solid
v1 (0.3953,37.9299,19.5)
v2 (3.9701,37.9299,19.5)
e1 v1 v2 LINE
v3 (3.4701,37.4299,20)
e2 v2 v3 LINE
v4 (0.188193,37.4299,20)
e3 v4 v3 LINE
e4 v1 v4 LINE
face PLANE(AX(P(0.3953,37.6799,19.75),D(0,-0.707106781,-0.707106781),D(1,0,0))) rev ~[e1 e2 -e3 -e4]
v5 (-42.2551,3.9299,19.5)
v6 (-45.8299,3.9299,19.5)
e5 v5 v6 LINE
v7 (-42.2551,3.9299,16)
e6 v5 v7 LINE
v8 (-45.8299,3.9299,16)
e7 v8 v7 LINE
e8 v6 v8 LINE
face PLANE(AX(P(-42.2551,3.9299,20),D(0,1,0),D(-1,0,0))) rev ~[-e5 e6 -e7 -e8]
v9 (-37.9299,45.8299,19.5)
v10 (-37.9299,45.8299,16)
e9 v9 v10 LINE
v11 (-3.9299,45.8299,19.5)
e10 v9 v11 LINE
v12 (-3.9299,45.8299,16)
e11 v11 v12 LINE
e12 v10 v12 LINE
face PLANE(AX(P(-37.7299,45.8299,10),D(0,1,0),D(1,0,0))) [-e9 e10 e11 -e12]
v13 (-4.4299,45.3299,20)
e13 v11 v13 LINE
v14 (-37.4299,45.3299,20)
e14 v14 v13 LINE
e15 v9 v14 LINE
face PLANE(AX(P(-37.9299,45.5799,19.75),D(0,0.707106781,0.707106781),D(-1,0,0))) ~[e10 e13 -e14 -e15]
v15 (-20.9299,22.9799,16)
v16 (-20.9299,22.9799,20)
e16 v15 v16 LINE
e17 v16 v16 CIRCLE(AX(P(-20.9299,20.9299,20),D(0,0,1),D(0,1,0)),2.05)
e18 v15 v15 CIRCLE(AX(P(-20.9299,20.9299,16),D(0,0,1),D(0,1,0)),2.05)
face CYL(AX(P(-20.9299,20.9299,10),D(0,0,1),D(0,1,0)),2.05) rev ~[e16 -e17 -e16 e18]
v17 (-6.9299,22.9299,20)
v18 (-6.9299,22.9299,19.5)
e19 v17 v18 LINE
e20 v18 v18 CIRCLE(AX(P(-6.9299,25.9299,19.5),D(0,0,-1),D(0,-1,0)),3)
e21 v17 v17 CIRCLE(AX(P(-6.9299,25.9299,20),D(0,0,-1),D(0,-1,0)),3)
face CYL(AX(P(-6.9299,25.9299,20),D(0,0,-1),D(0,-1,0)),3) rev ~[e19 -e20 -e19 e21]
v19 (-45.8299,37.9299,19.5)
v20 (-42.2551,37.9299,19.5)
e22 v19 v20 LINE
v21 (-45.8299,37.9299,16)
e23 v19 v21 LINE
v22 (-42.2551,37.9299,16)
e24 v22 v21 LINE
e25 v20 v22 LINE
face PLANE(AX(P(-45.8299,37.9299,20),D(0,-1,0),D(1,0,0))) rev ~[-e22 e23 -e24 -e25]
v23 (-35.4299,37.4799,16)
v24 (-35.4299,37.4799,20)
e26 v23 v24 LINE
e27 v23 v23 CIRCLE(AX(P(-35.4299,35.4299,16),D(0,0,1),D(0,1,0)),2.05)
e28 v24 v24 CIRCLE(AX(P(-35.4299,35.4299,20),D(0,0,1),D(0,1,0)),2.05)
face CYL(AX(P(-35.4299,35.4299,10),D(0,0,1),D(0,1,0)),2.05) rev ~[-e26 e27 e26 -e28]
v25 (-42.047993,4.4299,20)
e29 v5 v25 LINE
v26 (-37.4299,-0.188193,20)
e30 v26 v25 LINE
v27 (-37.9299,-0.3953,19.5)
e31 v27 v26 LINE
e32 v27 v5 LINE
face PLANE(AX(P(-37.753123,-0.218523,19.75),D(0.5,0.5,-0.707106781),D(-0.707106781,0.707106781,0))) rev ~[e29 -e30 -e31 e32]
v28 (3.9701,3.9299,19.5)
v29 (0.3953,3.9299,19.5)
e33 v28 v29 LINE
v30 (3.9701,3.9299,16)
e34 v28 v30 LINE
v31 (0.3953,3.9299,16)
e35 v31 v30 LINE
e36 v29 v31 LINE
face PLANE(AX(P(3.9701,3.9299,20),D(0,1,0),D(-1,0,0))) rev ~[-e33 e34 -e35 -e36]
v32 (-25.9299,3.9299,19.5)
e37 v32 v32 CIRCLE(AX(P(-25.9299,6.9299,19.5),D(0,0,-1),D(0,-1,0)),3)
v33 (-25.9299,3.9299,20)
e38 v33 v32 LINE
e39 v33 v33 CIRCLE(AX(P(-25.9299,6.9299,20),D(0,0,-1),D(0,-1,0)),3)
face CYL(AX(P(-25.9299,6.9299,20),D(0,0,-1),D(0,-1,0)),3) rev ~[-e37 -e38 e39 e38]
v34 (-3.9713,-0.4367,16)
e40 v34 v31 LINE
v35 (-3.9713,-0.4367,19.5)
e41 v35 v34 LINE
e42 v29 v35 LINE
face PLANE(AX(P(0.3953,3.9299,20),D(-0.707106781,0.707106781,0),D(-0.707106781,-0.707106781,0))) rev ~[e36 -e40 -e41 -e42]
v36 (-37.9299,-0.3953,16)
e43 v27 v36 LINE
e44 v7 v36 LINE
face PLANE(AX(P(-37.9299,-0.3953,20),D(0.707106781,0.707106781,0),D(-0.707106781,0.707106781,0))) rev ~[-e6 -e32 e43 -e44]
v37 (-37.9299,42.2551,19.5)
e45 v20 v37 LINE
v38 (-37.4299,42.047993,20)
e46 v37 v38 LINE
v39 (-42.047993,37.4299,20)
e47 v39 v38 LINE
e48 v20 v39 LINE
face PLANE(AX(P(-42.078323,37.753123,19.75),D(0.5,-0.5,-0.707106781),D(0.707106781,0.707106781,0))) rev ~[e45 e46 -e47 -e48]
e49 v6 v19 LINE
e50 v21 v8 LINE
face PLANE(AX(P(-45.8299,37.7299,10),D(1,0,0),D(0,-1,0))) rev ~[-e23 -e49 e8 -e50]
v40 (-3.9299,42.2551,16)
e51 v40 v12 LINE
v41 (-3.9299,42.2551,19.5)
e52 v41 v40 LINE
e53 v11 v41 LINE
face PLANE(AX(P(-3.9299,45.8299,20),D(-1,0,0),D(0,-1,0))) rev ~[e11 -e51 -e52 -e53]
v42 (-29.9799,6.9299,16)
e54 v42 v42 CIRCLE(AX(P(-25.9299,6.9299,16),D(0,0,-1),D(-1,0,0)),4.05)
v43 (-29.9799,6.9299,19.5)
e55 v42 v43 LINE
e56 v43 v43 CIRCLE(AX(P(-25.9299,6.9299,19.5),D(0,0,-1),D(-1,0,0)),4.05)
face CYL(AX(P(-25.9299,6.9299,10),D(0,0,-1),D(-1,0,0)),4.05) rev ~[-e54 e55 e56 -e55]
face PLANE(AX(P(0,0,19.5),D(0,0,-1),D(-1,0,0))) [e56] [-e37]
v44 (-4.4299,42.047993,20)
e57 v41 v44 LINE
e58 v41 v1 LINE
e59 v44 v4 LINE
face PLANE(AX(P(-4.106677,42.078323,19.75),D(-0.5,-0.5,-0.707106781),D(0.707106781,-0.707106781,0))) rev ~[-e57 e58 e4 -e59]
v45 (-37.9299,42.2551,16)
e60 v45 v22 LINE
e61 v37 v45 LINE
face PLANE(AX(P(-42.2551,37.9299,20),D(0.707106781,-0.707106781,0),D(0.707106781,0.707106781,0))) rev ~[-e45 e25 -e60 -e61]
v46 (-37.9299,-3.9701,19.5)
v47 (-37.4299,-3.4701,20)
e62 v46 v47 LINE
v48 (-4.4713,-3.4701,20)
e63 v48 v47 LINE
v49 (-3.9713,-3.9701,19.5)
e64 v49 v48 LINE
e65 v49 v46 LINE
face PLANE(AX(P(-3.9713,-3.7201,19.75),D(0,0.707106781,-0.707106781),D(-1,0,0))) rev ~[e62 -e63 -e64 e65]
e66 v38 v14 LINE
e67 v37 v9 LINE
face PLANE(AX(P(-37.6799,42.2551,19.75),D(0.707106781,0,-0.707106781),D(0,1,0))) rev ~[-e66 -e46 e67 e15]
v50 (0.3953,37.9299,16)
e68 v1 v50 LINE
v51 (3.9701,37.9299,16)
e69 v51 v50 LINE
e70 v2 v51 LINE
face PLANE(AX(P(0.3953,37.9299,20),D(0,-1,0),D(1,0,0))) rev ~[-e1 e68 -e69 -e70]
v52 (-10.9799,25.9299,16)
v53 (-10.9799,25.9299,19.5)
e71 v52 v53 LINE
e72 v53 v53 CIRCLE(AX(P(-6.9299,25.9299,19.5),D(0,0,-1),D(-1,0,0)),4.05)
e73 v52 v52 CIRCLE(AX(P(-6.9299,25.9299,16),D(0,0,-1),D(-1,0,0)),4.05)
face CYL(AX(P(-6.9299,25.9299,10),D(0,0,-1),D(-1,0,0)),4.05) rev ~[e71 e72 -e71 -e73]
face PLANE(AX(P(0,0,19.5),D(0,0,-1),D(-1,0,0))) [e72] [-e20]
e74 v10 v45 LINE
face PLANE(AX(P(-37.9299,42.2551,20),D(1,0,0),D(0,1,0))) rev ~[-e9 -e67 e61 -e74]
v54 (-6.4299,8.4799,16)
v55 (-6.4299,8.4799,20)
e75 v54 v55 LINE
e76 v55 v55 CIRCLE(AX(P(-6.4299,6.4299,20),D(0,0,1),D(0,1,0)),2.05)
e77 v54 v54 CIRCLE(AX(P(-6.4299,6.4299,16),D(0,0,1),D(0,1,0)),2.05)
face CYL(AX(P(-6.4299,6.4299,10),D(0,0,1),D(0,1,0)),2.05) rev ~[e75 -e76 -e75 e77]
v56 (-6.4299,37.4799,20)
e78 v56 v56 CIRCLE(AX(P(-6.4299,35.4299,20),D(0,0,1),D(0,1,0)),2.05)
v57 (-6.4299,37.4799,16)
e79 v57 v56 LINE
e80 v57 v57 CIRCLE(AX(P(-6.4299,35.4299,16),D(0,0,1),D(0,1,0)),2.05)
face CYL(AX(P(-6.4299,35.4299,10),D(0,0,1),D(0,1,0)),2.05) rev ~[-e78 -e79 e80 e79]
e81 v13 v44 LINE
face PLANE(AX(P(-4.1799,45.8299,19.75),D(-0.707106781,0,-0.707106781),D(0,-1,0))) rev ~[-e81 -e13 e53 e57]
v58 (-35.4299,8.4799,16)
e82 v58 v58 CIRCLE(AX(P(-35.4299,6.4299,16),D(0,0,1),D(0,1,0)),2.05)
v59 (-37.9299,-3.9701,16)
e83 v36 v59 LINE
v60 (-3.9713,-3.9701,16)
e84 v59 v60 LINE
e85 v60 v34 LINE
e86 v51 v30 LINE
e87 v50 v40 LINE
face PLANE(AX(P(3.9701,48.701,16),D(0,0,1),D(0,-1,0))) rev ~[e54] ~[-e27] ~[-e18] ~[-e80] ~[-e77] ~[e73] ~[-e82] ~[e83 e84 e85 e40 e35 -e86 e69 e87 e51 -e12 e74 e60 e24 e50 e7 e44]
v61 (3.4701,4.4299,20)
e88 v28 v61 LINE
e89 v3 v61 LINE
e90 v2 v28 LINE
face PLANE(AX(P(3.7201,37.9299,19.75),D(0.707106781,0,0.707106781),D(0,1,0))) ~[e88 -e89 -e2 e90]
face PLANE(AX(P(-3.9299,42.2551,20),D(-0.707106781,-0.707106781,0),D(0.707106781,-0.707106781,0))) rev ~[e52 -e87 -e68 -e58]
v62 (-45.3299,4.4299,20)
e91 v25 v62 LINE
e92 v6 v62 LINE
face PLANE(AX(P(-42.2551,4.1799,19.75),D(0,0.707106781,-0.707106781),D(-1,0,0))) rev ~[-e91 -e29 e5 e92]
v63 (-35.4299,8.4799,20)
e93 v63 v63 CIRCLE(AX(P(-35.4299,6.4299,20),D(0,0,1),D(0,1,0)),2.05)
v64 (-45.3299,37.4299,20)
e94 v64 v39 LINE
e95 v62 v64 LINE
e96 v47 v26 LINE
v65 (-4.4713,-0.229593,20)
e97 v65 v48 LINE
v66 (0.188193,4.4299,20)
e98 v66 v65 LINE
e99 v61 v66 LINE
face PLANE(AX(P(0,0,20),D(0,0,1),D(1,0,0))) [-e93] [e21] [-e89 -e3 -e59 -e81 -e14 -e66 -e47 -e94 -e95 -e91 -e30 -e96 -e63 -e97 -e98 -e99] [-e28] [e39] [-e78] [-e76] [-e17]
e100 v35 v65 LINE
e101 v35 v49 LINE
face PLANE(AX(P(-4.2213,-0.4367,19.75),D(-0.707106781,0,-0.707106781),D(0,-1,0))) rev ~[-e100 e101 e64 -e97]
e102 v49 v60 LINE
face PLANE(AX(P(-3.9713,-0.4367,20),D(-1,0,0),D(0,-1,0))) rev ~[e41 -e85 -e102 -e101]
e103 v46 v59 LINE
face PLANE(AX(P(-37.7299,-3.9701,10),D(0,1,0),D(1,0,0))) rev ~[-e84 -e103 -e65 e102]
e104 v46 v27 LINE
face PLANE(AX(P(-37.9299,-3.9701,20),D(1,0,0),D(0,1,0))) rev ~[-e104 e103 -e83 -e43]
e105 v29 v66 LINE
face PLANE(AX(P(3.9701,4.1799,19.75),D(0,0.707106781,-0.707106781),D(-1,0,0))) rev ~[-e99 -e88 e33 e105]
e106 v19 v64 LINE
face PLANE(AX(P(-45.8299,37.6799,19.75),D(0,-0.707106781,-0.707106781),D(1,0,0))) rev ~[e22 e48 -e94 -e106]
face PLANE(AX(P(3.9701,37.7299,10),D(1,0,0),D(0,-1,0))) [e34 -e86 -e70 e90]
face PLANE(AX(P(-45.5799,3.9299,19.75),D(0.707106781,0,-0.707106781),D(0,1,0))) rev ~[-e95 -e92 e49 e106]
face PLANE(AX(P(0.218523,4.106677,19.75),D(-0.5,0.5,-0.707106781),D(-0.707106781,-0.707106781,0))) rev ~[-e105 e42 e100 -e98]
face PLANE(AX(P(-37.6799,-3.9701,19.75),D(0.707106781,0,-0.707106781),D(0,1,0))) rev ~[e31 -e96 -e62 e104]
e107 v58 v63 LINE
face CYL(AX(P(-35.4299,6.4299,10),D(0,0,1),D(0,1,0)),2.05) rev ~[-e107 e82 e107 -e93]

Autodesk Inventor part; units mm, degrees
ref_plane "YZ Plane" through (0, 0, 0) normal (1, 0, 0) x (0, 1, 0)
ref_plane "XZ Plane" through (0, 0, 0) normal (0, 1, 0) x (-1, 0, 0)
ref_plane "Work Plane1" through (0, 0, 10) normal (0, 0, 1) x (1, 0, 0)
sketch "Sketch1" plane through (0, 0, 10) normal (0, 0, 1) x (1, 0, 0)
  line L0 (-4.0299, -0.3538) -> (-2.2322, 1.4439) construction
  arc A0 (-1.4439, 2.2322) -> (-2.2322, 1.4439) centre (-0.9299, 0.9299) ccw construction
  line L1 (-1.4439, 2.2322) -> (0.3538, 4.0299) construction
  line L2 (-37.8299, 42.8299) -> (-37.8299, 37.8299) construction
  line L3 (-37.8299, 37.8299) -> (-42.9208, 37.8299) construction
  line L4 (-37.8299, 42.2137) -> (-37.8299, 45.8299) construction
  line L5 (-37.8299, 45.8299) -> (-4.0299, 45.8299) construction
  line L6 (-4.0299, 45.8299) -> (-4.0299, 42.2137) construction
  line L7 (-4.0299, 4.0299) -> (0.3538, 4.0299) projected
  circle A1 centre (-20.9299, 20.9299) radius 17.5 projected
  line L8 (-20.9299, 58.9723) -> (17.1124, 20.9299) construction
  line L9 (17.1124, 20.9299) -> (-20.9299, -17.1124) construction
  line L10 (-20.9299, -17.1124) -> (-58.9723, 20.9299) construction
  line L11 (-58.9723, 20.9299) -> (-20.9299, 58.9723) construction
  line L12 (-20.9299, 58.9723) -> (-20.9299, -17.1124) construction
  line L13 (17.1124, 20.9299) -> (-58.9723, 20.9299) construction
  line L14 (-20.9299, 58.9723) -> (32.8701, 58.9723) construction
  line L15 (-43.4299, 43.4299) -> (1.5701, 43.4299) construction
  line L16 (1.5701, 43.4299) -> (1.5701, -1.5701) construction
  line L17 (1.5701, -1.5701) -> (-43.4299, -1.5701) construction
  line L18 (-43.4299, -1.5701) -> (-43.4299, 43.4299) construction
  line L19 (-43.4299, 43.4299) -> (1.5701, -1.5701) construction
  line L20 (1.5701, 43.4299) -> (-43.4299, -1.5701) construction
  line L21 (-43.4299, 5.3876) -> (-43.4299, 36.4723)
  line L22 (-43.4299, 36.4723) -> (-36.4723, 43.4299)
  line L23 (-36.4723, 43.4299) -> (-5.3876, 43.4299)
  line L24 (-5.3876, 43.4299) -> (1.5701, 36.4723)
  line L25 (1.5701, 36.4723) -> (1.5701, 5.3876)
  line L26 (1.5701, 5.3876) -> (-5.3876, -1.5701)
  line L27 (-5.3876, -1.5701) -> (-36.4723, -1.5701)
  line L28 (-36.4723, -1.5701) -> (-43.4299, 5.3876)
  line L29 (-4.0299, 42.2137) -> (-37.8299, 42.2137) projected
  line L30 (-4.0299, -0.3538) -> (-4.0299, 4.0299) projected
  circle A2 centre (-20.9299, 20.9299) radius 1.5
  line L31 (-10.9299, 10.9299) -> (-30.9299, 10.9299) construction
  line L32 (-30.9299, 10.9299) -> (-30.9299, 30.9299) construction
  line L33 (-30.9299, 30.9299) -> (-10.9299, 30.9299) construction
  line L34 (-10.9299, 30.9299) -> (-10.9299, 10.9299) construction
  line L35 (-10.9299, 10.9299) -> (-30.9299, 30.9299) construction
  line L36 (-30.9299, 10.9299) -> (-10.9299, 30.9299) construction
  circle A3 centre (-30.9299, 30.9299) radius 1.4
  circle A4 centre (-30.9299, 10.9299) radius 1.4
  circle A5 centre (-10.9299, 10.9299) radius 1.4
  line L37 (-45.8299, 37.8299) -> (-42.0723, 37.8299) construction
  line L38 (-42.1723, 37.7299) -> (-45.8299, 37.7299)
  line L39 (-45.8299, 37.7299) -> (-45.8299, 4.1299)
  line L40 (-45.8299, 4.1299) -> (-42.1723, 4.1299)
  line L41 (-42.1723, 4.1299) -> (-42.1723, 37.7299)
  line L42 (-45.8299, 4.0299) -> (-42.0723, 4.0299) construction
  line L43 (-45.8299, 37.8299) -> (-42.0723, 37.8299) projected
  line L44 (-37.7299, 45.8299) -> (-4.1299, 45.8299)
  line L45 (-4.1299, 45.8299) -> (-4.1299, 42.1723)
  line L46 (-4.1299, 42.1723) -> (-37.7299, 42.1723)
  line L47 (-37.7299, 42.1723) -> (-37.7299, 45.8299)
  line L48 (0.4701, 37.8299) -> (0.4701, 4.0299) construction
  line L49 (0.4701, 4.0299) -> (3.9701, 4.0299) construction
  line L50 (3.9701, 37.8299) -> (3.9701, 4.0299) construction
  line L51 (0.4701, 37.8299) -> (3.9701, 37.8299) construction
  line L52 (-45.8299, -3.9701) -> (-4.0299, -3.9701) construction
  line L53 (0.3124, 37.7299) -> (3.9701, 37.7299)
  line L54 (3.9701, 37.7299) -> (3.9701, 4.1299)
  line L55 (3.9701, 4.1299) -> (0.3124, 4.1299)
  line L56 (0.3124, 4.1299) -> (0.3124, 37.7299)
  line L57 (-4.1713, -0.3538) -> (-37.7299, -0.3538)
  line L58 (-37.7299, -0.3538) -> (-37.7299, -3.9701)
  line L59 (-37.7299, -3.9701) -> (-4.1713, -3.9701)
  line L60 (-4.1713, -3.9701) -> (-4.1713, -0.3538)
  point P0 (-37.8299, 4.0299)
  dimension "d18" = 53.8
  dimension "d19" = 45
  dimension "d20" = 53.8
  dimension "d21" = 45
  dimension "d22" = 45
  dimension "d30" = 20
  dimension "d31" = 20
  dimension "d32" = 2.8
  dimension "d33" = 2.8
  dimension "d34" = 2.8
  dimension "d35" = 3
  dimension "d36" = 0.1
  dimension "d37" = 0.1
  dimension "d38" = 0.1
  dimension "d39" = 0.1
extrude "Extrusion1" add sketch "Sketch1" along normal blind 10 contours L30 L26 L57 L28 L41 L22 L46 L24 L56 L7 | L7 L26 L30 | L56 L24 L25 L26 | L26 L25 L24 L53 L54 L55 | L60 L59 L58 L57 L28 L27 L26 | L26 L27 L28 L57 | L46 L22 L29 L24 | L24 L29 L45 | L40 L39 L38 L22 L21 L28 | L28 L21 L22 L41 | L29 L22 L23 L24 | L24 L23 L22 L29 L47 L44 L45 | L47 L29 L22 | A1 | A2 | A3 | A4 | A5
sketch "Skizze4" plane through (0, 0, 20) normal (0, 0, 1) x (1, 0, 0)
  line L0 (-37.7299, 42.1723) -> (-42.1723, 37.7299) projected
  line L1 (-42.1723, 37.7299) -> (-45.8299, 37.7299) projected
  line L2 (-45.8299, 37.7299) -> (-45.8299, 4.1299) construction
  line L3 (-45.8299, 4.1299) -> (-42.1723, 4.1299) projected
  line L4 (-42.1723, 4.1299) -> (-37.6885, -0.3538) projected
  line L5 (-37.6885, -0.3538) -> (-37.7299, -0.3538) projected
  line L6 (-37.7299, -0.3538) -> (-37.7299, -3.9701) projected
  line L7 (-37.7299, -3.9701) -> (-4.1713, -3.9701) construction
  line L8 (-4.1713, -3.9701) -> (-4.1713, -0.3538) projected
  line L9 (-4.1713, -0.3538) -> (0.3124, 4.1299) projected
  line L10 (0.3124, 4.1299) -> (3.9701, 4.1299) projected
  line L11 (3.9701, 4.1299) -> (3.9701, 37.7299) construction
  line L12 (3.9701, 37.7299) -> (0.3124, 37.7299) projected
  line L13 (0.3124, 37.7299) -> (-4.1299, 42.1723) projected
  line L14 (-4.1299, 42.1723) -> (-4.1299, 45.8299) projected
  line L15 (-4.1299, 45.8299) -> (-37.7299, 45.8299) construction
  line L16 (-37.7299, 45.8299) -> (-37.7299, 42.1723) projected
  line L17 (-37.9299, 46.0299) -> (-3.9299, 46.0299) construction
  line L18 (-3.9299, 46.0299) -> (-3.9299, 42.2551)
  line L19 (-3.9299, 42.2551) -> (0.3953, 37.9299)
  line L20 (0.3953, 37.9299) -> (4.1701, 37.9299)
  line L21 (4.1701, 37.9299) -> (4.1701, 3.9299) construction
  line L22 (4.1701, 3.9299) -> (0.3953, 3.9299)
  line L23 (0.3953, 3.9299) -> (-3.9713, -0.4367)
  line L24 (-3.9713, -0.4367) -> (-3.9713, -4.1701)
  line L25 (-3.9713, -4.1701) -> (-37.9299, -4.1701) construction
  line L26 (-37.9299, -4.1701) -> (-37.9299, -0.3953)
  line L27 (-37.9299, -0.3953) -> (-42.2551, 3.9299)
  line L28 (-42.2551, 3.9299) -> (-46.0299, 3.9299)
  line L29 (-46.0299, 3.9299) -> (-46.0299, 37.9299) construction
  line L30 (-46.0299, 37.9299) -> (-42.2551, 37.9299)
  line L31 (-42.2551, 37.9299) -> (-37.9299, 42.2551)
  line L32 (-37.9299, 42.2551) -> (-37.9299, 46.0299)
  line L33 (-45.8299, 37.7299) -> (-45.8299, 37.9299)
  line L34 (-4.1299, 45.8299) -> (-37.7299, 45.8299) projected
  line L35 (-37.7299, 45.8299) -> (-37.9299, 45.8299)
  line L36 (-4.1299, 45.8299) -> (-3.9299, 45.8299)
  line L37 (3.9701, 37.7299) -> (3.9701, 37.9299)
  line L38 (3.9701, 4.1299) -> (3.9701, 37.7299) projected
  line L39 (3.9701, 4.1299) -> (3.9701, 3.9299)
  line L40 (-4.1713, -3.9701) -> (-3.9713, -3.9701)
  line L41 (-37.7299, -3.9701) -> (-37.9299, -3.9701)
  line L42 (-45.8299, 4.1299) -> (-45.8299, 3.9299)
  point P0 (0, 0)
  dimension "d40" = 0.2
extrude "IM_offset" add sketch "Skizze4" against normal up to surface (10 mm away)
ref_plane "Work Plane5" through (-37.9299, 20.9299, 10) normal (0, -1, 0) x (1, 0, 0)
ref_plane "Work Plane6" through (-20.9299, 3.9299, 10) normal (1, 0, 0) x (0, 0, -1)
sketch "Sketch24" plane through (0, 0, 10) normal (0, 0, -1) x (-1, 0, 0)
  line L0 (6.4299, 6.4299) -> (35.4299, 6.4299) construction
  line L1 (35.4299, 6.4299) -> (35.4299, 35.4299) construction
  line L2 (35.4299, 35.4299) -> (6.4299, 35.4299) construction
  line L3 (6.4299, 35.4299) -> (6.4299, 6.4299) construction
  line L4 (6.4299, 6.4299) -> (35.4299, 35.4299) construction
  line L5 (35.4299, 6.4299) -> (6.4299, 35.4299) construction
  point P0 (0, 0)
  point P1 (20.9299, 20.9299)
  dimension "d143" = 29
  dimension "d144" = 29
hole "Hole1" at (-20.9299, 20.9299, 10) at (-6.4299, 6.4299, 10) at (-35.4299, 6.4299, 10) at (-35.4299, 35.4299, 10) at (-6.4299, 35.4299, 10) direction (0, 0, 1) diameter 4.1 end through all
sketch "Skizze28" plane through (0, 0, 10) normal (0, 0, -1) x (-1, 0, 0)
  circle A0 centre (25.9299, 6.9299) radius 3 projected
  circle A1 centre (6.9299, 25.9299) radius 3 projected
  line L0 (9.9299, 4.9299) -> (1.9299, 4.9299) projected
  line L1 (4.9299, 1.9299) -> (1.9299, 4.9299) projected
  line L2 (36.9299, 1.9299) -> (4.9299, 1.9299) projected
  line L3 (39.9299, 4.9299) -> (36.9299, 1.9299) projected
  line L4 (39.9299, 36.9299) -> (39.9299, 4.9299) projected
  line L5 (36.9299, 39.9299) -> (39.9299, 36.9299) projected
  line L6 (4.9299, 39.9299) -> (36.9299, 39.9299) projected
  line L7 (1.9299, 36.9299) -> (4.9299, 39.9299) projected
  line L8 (1.9299, 8.9299) -> (1.9299, 36.9299) projected
  line L9 (1.9299, 8.9299) -> (9.9299, 8.9299) projected
  line L10 (9.9299, 8.9299) -> (9.9299, 4.9299) projected
  circle A2 centre (34.9299, 6.9299) radius 2 projected
  circle A3 centre (6.9299, 25.9299) radius 4.05
  circle A4 centre (25.9299, 6.9299) radius 4.05
  point P0 (0, 0)
  dimension "d173" = 8.1
  dimension "d174" = 8.1
extrude "Extrusion23" cut sketch "Skizze28" against normal blind 9.5 contours A0 | A1 | A3 | A4
chamfer "Fase2" distance 0.5 angle 45 27 edges at (-2.8799, 25.9299, 10) (-35.4299, 4.3799, 10) (-6.4299, 4.3799, 10) (-20.9299, 18.8799, 10) (-35.4299, 33.3799, 10) (-6.4299, 33.3799, 10) (-21.8799, 6.9299, 10) (-45.8299, 20.9299, 10) (-20.9506, -3.9701, 10) (3.9701, 20.9299, 20) (3.9701, 20.9299, 10) (-20.9299, 45.8299, 10) (-44.0425, 37.9299, 20) (-40.0925, 40.0925, 20) (-37.9299, 44.0425, 20) (-20.9299, 45.8299, 20) (-45.8299, 20.9299, 20) (-44.0425, 3.9299, 20) (-20.9506, -3.9701, 20) (-37.9299, -2.1827, 20) (-40.0925, 1.7673, 20) (-3.9713, -2.2034, 20) (-1.788, 1.7466, 20) (2.1827, 3.9299, 20) (2.1827, 37.9299, 20) (-1.7673, 40.0925, 20) (-3.9299, 44.0425, 20)
sketch "Skizze29" plane through (0, 0, 20) normal (0, 0, 1) x (1, 0, 0)
  circle A0 centre (-35.4299, 6.4299) radius 2.55 projected
  circle A1 centre (-25.9299, 6.9299) radius 4.55 projected
  circle A2 centre (-20.9299, 20.9299) radius 2.55 projected
  circle A3 centre (-6.9299, 25.9299) radius 4.55 projected
  circle A4 centre (-6.4299, 35.4299) radius 2.55 projected
  circle A5 centre (-6.4299, 6.4299) radius 2.55 projected
  circle A6 centre (-35.4299, 35.4299) radius 2.55 projected
  line L0 (3.4701, 4.4299) -> (3.4701, 37.4299) projected
  line L1 (0.1882, 4.4299) -> (3.4701, 4.4299) projected
  line L2 (-4.4713, -0.2296) -> (0.1882, 4.4299) projected
  line L3 (-4.4713, -3.4701) -> (-4.4713, -0.2296) projected
  line L4 (-37.4299, -3.4701) -> (-4.4713, -3.4701) projected
  line L5 (-37.4299, -0.1882) -> (-37.4299, -3.4701) projected
  line L6 (-42.048, 4.4299) -> (-37.4299, -0.1882) projected
  line L7 (-45.3299, 4.4299) -> (-42.048, 4.4299) projected
  line L8 (-45.3299, 37.4299) -> (-45.3299, 4.4299) projected
  line L9 (-42.048, 37.4299) -> (-45.3299, 37.4299) projected
  line L10 (-37.4299, 42.048) -> (-42.048, 37.4299) projected
  line L11 (-37.4299, 45.3299) -> (-37.4299, 42.048) projected
  line L12 (-4.4299, 45.3299) -> (-37.4299, 45.3299) projected
  line L13 (-4.4299, 42.048) -> (-4.4299, 45.3299) projected
  line L14 (0.1882, 37.4299) -> (-4.4299, 42.048) projected
  line L15 (3.4701, 37.4299) -> (0.1882, 37.4299) projected
  point P0 (0, 0)
hole "Bohrung2" at (-6.9299, 25.9299, 20) at (-25.9299, 6.9299, 20) direction (0, 0, -1) diameter 6 end through all
sketch "Sketch30" plane through (3.9701, 3.9299, 19.5) normal (1, 0, 0) x (0, 0, -1)
  line L0 (9.5, 44.7711) -> (3.5, 44.7711)
  line L1 (3.5, 44.7711) -> (3.5, -17.5234)
  line L2 (3.5, -17.5234) -> (9.5, -17.5234)
  line L3 (9.5, -17.5234) -> (9.5, 44.7711)
  line L4 (9.5, 0.5) -> (9.5, 33.5) projected
  point P0 (19.5, -3.9299)
  dimension "d187" = 6
extrude "Extrusion24" cut sketch "Sketch30" against normal through all
properties part number "20_Cube_Insert_Kinematic_Mirror_90_pro_magnetic"
